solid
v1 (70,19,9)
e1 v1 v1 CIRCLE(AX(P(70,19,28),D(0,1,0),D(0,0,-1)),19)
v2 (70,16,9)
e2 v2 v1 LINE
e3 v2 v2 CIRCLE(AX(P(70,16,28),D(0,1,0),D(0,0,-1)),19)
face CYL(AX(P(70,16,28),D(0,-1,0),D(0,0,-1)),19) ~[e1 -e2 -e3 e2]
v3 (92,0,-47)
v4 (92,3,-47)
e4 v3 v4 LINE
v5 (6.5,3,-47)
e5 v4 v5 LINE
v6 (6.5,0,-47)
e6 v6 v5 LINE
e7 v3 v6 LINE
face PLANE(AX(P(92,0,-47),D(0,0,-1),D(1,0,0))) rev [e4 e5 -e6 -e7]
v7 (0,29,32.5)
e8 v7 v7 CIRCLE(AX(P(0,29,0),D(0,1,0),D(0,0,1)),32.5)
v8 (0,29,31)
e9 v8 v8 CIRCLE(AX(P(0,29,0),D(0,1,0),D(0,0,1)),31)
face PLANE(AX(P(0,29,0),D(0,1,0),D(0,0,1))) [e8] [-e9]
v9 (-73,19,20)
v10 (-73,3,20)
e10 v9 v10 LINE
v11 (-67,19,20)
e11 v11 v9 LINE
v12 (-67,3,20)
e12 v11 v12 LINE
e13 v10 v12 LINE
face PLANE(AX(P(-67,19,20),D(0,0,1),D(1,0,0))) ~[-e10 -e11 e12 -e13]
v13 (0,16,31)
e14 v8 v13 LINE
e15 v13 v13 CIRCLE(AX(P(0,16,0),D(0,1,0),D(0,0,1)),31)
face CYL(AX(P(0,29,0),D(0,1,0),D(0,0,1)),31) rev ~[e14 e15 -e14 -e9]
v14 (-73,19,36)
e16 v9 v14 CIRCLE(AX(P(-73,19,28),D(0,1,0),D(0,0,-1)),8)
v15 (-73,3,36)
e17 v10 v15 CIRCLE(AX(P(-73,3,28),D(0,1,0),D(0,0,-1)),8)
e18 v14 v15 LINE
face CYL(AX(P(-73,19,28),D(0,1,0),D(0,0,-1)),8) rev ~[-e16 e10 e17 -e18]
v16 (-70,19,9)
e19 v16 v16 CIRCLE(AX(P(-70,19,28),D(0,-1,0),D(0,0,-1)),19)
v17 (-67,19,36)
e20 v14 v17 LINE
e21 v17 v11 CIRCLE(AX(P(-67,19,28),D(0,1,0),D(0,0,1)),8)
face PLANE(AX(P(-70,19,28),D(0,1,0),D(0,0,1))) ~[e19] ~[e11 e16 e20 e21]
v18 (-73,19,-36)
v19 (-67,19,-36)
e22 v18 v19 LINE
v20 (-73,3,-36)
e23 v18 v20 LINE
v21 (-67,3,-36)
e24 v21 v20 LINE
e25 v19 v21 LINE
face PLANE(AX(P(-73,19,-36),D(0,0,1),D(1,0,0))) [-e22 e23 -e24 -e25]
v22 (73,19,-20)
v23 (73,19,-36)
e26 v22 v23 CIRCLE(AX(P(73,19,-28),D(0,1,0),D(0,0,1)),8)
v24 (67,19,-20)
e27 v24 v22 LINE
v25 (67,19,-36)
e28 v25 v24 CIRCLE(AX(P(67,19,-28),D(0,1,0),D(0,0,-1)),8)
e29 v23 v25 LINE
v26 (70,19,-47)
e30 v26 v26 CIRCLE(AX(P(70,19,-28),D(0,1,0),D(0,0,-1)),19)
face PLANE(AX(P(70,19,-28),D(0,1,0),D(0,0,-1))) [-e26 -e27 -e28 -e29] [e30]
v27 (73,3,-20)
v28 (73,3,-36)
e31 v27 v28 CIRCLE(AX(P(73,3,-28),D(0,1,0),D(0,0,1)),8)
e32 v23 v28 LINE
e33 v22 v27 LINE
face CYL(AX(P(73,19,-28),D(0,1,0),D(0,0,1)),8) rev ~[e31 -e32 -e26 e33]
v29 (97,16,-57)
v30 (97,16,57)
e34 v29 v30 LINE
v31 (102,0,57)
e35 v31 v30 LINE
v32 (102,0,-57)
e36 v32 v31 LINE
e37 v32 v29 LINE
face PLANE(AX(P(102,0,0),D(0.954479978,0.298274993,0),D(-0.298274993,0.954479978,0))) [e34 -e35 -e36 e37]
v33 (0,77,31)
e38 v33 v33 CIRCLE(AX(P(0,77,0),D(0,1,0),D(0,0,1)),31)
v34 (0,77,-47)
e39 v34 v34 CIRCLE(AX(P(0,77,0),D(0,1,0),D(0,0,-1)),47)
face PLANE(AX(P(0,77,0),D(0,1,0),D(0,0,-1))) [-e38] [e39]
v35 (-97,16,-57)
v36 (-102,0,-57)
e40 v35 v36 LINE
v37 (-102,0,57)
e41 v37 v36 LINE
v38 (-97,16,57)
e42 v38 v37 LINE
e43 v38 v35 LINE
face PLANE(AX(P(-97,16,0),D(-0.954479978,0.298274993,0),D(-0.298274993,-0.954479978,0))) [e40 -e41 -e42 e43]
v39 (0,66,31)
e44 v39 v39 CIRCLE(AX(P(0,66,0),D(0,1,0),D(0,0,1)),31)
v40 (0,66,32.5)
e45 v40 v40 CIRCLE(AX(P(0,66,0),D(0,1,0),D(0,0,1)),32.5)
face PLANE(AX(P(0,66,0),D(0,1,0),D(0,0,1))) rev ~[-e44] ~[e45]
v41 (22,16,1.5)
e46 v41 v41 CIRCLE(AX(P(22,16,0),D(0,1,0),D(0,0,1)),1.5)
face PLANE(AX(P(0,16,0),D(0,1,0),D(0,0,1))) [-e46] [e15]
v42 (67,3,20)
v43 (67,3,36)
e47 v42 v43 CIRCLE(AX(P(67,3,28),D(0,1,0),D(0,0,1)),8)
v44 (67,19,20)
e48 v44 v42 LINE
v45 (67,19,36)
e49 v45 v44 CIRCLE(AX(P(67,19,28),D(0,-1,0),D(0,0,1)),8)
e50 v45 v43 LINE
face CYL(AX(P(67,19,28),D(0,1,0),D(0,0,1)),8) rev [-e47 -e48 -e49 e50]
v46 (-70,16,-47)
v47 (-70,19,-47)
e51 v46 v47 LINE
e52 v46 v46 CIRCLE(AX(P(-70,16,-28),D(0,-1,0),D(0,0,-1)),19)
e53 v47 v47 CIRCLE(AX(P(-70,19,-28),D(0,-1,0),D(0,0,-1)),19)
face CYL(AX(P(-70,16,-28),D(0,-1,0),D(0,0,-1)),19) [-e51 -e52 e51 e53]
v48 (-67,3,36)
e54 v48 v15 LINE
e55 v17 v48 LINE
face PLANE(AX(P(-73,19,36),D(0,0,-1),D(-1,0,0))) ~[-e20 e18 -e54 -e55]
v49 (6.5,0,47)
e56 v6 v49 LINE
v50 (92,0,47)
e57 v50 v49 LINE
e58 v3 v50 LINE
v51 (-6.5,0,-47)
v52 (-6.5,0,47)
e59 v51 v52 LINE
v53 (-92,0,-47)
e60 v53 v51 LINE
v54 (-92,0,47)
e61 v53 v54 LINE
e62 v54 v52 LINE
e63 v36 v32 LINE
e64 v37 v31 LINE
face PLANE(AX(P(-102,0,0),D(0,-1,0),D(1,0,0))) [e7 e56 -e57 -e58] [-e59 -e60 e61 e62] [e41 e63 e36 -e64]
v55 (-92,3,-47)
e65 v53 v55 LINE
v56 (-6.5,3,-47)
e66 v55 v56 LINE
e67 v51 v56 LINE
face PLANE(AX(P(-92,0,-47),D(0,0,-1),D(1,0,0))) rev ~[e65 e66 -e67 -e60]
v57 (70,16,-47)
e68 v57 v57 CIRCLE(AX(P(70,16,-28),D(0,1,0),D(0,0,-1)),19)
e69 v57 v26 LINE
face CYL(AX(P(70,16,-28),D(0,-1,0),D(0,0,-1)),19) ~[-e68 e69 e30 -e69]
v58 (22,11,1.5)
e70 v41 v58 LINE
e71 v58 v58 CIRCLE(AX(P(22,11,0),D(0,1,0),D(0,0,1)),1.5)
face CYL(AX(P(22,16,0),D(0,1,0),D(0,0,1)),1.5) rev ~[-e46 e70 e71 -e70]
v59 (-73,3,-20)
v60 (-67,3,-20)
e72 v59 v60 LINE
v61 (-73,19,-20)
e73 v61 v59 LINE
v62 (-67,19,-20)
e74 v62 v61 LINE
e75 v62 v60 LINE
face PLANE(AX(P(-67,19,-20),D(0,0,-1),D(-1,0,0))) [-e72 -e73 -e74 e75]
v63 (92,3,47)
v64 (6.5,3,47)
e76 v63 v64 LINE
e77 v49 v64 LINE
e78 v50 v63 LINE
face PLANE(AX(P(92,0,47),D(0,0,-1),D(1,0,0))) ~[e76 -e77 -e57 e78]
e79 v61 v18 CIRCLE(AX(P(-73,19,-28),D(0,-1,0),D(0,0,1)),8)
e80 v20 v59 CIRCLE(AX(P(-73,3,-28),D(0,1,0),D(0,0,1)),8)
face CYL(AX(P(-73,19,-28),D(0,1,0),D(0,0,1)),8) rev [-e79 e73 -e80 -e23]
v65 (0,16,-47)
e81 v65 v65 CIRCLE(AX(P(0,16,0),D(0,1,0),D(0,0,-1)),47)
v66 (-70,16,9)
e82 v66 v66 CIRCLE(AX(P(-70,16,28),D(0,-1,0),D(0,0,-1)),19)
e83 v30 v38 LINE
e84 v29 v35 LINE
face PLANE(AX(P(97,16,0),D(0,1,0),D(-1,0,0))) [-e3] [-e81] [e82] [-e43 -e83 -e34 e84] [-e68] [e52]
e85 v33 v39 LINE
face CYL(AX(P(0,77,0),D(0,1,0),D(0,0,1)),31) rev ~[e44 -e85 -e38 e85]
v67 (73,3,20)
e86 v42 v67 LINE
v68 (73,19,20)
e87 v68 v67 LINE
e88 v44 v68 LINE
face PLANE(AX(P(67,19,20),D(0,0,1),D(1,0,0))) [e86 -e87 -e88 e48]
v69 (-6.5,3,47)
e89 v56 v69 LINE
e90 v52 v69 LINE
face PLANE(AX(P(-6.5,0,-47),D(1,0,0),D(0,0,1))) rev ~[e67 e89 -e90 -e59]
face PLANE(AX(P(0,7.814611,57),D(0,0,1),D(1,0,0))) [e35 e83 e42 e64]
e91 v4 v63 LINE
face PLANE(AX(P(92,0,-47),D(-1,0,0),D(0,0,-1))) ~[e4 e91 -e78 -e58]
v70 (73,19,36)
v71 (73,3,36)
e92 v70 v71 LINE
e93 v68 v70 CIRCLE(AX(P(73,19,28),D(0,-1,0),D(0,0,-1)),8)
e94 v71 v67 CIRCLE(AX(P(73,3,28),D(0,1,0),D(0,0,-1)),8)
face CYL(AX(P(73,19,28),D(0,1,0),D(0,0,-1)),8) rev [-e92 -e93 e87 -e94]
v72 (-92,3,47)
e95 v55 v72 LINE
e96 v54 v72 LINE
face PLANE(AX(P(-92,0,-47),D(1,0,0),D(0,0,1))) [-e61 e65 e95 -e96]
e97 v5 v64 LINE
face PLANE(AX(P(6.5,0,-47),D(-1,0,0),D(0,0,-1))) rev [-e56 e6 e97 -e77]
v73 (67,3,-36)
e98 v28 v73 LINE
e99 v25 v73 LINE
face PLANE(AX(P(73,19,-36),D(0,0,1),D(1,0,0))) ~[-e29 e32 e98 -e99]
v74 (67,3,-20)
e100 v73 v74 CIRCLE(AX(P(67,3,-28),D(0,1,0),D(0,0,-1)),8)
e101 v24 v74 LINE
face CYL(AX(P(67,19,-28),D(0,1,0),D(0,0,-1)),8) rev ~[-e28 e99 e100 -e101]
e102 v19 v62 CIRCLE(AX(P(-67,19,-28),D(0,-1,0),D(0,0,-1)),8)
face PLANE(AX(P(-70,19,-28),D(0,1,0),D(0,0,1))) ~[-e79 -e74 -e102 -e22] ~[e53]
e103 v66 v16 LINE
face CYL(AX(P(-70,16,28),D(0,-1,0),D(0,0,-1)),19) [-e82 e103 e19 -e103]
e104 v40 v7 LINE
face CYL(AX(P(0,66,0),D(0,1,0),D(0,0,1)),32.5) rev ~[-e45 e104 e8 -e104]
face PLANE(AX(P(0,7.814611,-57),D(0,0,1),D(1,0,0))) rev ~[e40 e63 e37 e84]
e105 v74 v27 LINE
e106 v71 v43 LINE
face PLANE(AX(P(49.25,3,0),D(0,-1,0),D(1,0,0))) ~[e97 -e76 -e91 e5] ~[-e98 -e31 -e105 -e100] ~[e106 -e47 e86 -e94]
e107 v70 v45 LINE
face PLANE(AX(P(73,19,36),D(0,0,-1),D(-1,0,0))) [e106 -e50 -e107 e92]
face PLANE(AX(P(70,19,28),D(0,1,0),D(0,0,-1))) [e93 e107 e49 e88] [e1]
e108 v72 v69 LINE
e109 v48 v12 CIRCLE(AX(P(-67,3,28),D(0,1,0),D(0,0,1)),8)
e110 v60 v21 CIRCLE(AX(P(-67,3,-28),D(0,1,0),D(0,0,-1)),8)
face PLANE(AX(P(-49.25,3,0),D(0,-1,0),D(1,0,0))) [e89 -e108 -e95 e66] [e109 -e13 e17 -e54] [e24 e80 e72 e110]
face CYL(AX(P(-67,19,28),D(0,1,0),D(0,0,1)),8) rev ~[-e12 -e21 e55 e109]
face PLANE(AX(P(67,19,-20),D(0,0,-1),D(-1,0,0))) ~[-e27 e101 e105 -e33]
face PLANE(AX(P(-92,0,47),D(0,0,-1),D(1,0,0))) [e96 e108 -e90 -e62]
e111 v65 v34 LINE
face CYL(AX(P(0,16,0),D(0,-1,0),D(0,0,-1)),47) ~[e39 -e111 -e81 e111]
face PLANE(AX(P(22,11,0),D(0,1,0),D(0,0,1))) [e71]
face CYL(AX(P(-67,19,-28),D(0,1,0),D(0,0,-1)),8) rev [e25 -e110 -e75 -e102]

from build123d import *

# Parameters (mm, degrees)
BOSS_EXTRUDE1_DEPTH  = 57
SKETCH2_W            = 85.5
SKETCH2_H            = 94
CUT_EXTRUDE1_DEPTH   = 3
SKETCH4_R            = 47
BOSS_EXTRUDE2_DEPTH  = 61
SKETCH6_R            = 19
BOSS_EXTRUDE4_DEPTH  = 3
CUT_EXTRUDE2_DEPTH   = 20
MIRROR4_COPY_1_DEPTH = 20
SKETCH10_R           = 31
CUT_EXTRUDE3_DEPTH   = 11
SKETCH11_R           = 32.5
CUT_EXTRUDE4_DEPTH   = 37
SKETCH12_R           = 31
CUT_EXTRUDE5_DEPTH   = 13
SKETCH13_R           = 1.5
CUT_EXTRUDE6_DEPTH   = 5


with BuildPart() as part:
    # Sketch1 → Boss-Extrude1 (new body, symmetric)
    with BuildSketch(Plane.XY):
        Polygon((-102, 0), (102, 0), (97, 16), (-97, 16), align=None)
    extrude(amount=BOSS_EXTRUDE1_DEPTH, both=True)

    # Sketch2 → Cut-Extrude1 (cut)
    with BuildSketch(Plane.XZ):
        with Locations((-49.25, 0)):
            Rectangle(SKETCH2_W, SKETCH2_H)
    cut_extrude1 = extrude(amount=-CUT_EXTRUDE1_DEPTH, mode=Mode.SUBTRACT)

    # Mirror1: Cut-Extrude1 across plane
    add(cut_extrude1.mirror(Plane(origin=(0, 0, 0), x_dir=(0, 0, 1), z_dir=(1, 0, 0))), mode=Mode.SUBTRACT)

    # Sketch4 → Boss-Extrude2 (add)
    with BuildSketch(Plane(origin=(0, 16, 0), x_dir=(1, 0, 0), z_dir=(0, 1, 0))):
        with Locations(Location((0, 0, 0), (0, 0, 90))):  # turned: the seam where the file's is
            Circle(SKETCH4_R)
    extrude(amount=BOSS_EXTRUDE2_DEPTH)

    # Sketch6 → Boss-Extrude4 (add)
    with BuildSketch(Plane(origin=(0, 16, 0), x_dir=(1, 0, 0), z_dir=(0, 1, 0))):
        with Locations(Location((70, -28, 0), (0, 0, 90))):  # turned: the seam where the file's is
            Circle(SKETCH6_R)
        with Locations(Location((70, 28, 0), (0, 0, 90))):  # turned: the seam where the file's is
            Circle(SKETCH6_R)
    boss_extrude4 = extrude(amount=BOSS_EXTRUDE4_DEPTH)

    # Sketch9 → Cut-Extrude2 (cut, through all)
    with BuildSketch(Plane(origin=(0, 19, 0), x_dir=(1, 0, 0), z_dir=(0, 1, 0))):
        with BuildLine():
            Line((73, -36), (67, -36))
            ThreePointArc((67, -36), (59, -28), (67, -20))
            Line((67, -20), (73, -20))
            ThreePointArc((73, -20), (81, -28), (73, -36))
        make_face()
    cut_extrude2 = extrude(amount=-CUT_EXTRUDE2_DEPTH, mode=Mode.SUBTRACT)

    # Mirror2: Boss-Extrude4 across plane
    add(boss_extrude4.mirror(Plane(origin=(0, 0, 0), x_dir=(0, 0, 1), z_dir=(1, 0, 0))))

    # Mirror3: Cut-Extrude2 across plane
    add(cut_extrude2.mirror(Plane.XY), mode=Mode.SUBTRACT)

    # Mirror4: Cut-Extrude2 across plane
    add(cut_extrude2.mirror(Plane(origin=(0, 0, 0), x_dir=(0, 0, 1), z_dir=(1, 0, 0))), mode=Mode.SUBTRACT)

    # Mirror4 copy 1 sketch → Mirror4 copy 1 (cut, through all)
    with BuildSketch(Plane(origin=(0, 19, 0), x_dir=(-1, 0, 0), z_dir=(0, 1, 0))):
        with BuildLine():
            Line((73, -36), (67, -36))
            ThreePointArc((67, -36), (59, -28), (67, -20))
            Line((67, -20), (73, -20))
            ThreePointArc((73, -20), (81, -28), (73, -36))
        make_face()
    extrude(amount=-MIRROR4_COPY_1_DEPTH, mode=Mode.SUBTRACT)

    # Sketch10 → Cut-Extrude3 (cut)
    with BuildSketch(Plane(origin=(0, 77, 0), x_dir=(1, 0, 0), z_dir=(0, 1, 0))):
        with Locations(Location((0, 0, 0), (0, 0, 270))):  # turned: the seam where the file's is
            Circle(SKETCH10_R)
    extrude(amount=-CUT_EXTRUDE3_DEPTH, mode=Mode.SUBTRACT)

    # Sketch11 → Cut-Extrude4 (cut)
    with BuildSketch(Plane(origin=(0, 66, 0), x_dir=(1, 0, 0), z_dir=(0, 1, 0))):
        with Locations(Location((0, 0, 0), (0, 0, 270))):  # turned: the seam where the file's is
            Circle(SKETCH11_R)
    extrude(amount=-CUT_EXTRUDE4_DEPTH, mode=Mode.SUBTRACT)

    # Sketch12 → Cut-Extrude5 (cut)
    with BuildSketch(Plane(origin=(0, 29, 0), x_dir=(1, 0, 0), z_dir=(0, 1, 0))):
        with Locations(Location((0, 0, 0), (0, 0, 270))):  # turned: the seam where the file's is
            Circle(SKETCH12_R)
    extrude(amount=-CUT_EXTRUDE5_DEPTH, mode=Mode.SUBTRACT)

    # Sketch13 → Cut-Extrude6 (cut)
    with BuildSketch(Plane(origin=(0, 16, 0), x_dir=(1, 0, 0), z_dir=(0, 1, 0))):
        with Locations(Location((22, 0, 0), (0, 0, 270))):  # turned: the seam where the file's is
            Circle(SKETCH13_R)
    extrude(amount=-CUT_EXTRUDE6_DEPTH, mode=Mode.SUBTRACT)


solid = part.part
